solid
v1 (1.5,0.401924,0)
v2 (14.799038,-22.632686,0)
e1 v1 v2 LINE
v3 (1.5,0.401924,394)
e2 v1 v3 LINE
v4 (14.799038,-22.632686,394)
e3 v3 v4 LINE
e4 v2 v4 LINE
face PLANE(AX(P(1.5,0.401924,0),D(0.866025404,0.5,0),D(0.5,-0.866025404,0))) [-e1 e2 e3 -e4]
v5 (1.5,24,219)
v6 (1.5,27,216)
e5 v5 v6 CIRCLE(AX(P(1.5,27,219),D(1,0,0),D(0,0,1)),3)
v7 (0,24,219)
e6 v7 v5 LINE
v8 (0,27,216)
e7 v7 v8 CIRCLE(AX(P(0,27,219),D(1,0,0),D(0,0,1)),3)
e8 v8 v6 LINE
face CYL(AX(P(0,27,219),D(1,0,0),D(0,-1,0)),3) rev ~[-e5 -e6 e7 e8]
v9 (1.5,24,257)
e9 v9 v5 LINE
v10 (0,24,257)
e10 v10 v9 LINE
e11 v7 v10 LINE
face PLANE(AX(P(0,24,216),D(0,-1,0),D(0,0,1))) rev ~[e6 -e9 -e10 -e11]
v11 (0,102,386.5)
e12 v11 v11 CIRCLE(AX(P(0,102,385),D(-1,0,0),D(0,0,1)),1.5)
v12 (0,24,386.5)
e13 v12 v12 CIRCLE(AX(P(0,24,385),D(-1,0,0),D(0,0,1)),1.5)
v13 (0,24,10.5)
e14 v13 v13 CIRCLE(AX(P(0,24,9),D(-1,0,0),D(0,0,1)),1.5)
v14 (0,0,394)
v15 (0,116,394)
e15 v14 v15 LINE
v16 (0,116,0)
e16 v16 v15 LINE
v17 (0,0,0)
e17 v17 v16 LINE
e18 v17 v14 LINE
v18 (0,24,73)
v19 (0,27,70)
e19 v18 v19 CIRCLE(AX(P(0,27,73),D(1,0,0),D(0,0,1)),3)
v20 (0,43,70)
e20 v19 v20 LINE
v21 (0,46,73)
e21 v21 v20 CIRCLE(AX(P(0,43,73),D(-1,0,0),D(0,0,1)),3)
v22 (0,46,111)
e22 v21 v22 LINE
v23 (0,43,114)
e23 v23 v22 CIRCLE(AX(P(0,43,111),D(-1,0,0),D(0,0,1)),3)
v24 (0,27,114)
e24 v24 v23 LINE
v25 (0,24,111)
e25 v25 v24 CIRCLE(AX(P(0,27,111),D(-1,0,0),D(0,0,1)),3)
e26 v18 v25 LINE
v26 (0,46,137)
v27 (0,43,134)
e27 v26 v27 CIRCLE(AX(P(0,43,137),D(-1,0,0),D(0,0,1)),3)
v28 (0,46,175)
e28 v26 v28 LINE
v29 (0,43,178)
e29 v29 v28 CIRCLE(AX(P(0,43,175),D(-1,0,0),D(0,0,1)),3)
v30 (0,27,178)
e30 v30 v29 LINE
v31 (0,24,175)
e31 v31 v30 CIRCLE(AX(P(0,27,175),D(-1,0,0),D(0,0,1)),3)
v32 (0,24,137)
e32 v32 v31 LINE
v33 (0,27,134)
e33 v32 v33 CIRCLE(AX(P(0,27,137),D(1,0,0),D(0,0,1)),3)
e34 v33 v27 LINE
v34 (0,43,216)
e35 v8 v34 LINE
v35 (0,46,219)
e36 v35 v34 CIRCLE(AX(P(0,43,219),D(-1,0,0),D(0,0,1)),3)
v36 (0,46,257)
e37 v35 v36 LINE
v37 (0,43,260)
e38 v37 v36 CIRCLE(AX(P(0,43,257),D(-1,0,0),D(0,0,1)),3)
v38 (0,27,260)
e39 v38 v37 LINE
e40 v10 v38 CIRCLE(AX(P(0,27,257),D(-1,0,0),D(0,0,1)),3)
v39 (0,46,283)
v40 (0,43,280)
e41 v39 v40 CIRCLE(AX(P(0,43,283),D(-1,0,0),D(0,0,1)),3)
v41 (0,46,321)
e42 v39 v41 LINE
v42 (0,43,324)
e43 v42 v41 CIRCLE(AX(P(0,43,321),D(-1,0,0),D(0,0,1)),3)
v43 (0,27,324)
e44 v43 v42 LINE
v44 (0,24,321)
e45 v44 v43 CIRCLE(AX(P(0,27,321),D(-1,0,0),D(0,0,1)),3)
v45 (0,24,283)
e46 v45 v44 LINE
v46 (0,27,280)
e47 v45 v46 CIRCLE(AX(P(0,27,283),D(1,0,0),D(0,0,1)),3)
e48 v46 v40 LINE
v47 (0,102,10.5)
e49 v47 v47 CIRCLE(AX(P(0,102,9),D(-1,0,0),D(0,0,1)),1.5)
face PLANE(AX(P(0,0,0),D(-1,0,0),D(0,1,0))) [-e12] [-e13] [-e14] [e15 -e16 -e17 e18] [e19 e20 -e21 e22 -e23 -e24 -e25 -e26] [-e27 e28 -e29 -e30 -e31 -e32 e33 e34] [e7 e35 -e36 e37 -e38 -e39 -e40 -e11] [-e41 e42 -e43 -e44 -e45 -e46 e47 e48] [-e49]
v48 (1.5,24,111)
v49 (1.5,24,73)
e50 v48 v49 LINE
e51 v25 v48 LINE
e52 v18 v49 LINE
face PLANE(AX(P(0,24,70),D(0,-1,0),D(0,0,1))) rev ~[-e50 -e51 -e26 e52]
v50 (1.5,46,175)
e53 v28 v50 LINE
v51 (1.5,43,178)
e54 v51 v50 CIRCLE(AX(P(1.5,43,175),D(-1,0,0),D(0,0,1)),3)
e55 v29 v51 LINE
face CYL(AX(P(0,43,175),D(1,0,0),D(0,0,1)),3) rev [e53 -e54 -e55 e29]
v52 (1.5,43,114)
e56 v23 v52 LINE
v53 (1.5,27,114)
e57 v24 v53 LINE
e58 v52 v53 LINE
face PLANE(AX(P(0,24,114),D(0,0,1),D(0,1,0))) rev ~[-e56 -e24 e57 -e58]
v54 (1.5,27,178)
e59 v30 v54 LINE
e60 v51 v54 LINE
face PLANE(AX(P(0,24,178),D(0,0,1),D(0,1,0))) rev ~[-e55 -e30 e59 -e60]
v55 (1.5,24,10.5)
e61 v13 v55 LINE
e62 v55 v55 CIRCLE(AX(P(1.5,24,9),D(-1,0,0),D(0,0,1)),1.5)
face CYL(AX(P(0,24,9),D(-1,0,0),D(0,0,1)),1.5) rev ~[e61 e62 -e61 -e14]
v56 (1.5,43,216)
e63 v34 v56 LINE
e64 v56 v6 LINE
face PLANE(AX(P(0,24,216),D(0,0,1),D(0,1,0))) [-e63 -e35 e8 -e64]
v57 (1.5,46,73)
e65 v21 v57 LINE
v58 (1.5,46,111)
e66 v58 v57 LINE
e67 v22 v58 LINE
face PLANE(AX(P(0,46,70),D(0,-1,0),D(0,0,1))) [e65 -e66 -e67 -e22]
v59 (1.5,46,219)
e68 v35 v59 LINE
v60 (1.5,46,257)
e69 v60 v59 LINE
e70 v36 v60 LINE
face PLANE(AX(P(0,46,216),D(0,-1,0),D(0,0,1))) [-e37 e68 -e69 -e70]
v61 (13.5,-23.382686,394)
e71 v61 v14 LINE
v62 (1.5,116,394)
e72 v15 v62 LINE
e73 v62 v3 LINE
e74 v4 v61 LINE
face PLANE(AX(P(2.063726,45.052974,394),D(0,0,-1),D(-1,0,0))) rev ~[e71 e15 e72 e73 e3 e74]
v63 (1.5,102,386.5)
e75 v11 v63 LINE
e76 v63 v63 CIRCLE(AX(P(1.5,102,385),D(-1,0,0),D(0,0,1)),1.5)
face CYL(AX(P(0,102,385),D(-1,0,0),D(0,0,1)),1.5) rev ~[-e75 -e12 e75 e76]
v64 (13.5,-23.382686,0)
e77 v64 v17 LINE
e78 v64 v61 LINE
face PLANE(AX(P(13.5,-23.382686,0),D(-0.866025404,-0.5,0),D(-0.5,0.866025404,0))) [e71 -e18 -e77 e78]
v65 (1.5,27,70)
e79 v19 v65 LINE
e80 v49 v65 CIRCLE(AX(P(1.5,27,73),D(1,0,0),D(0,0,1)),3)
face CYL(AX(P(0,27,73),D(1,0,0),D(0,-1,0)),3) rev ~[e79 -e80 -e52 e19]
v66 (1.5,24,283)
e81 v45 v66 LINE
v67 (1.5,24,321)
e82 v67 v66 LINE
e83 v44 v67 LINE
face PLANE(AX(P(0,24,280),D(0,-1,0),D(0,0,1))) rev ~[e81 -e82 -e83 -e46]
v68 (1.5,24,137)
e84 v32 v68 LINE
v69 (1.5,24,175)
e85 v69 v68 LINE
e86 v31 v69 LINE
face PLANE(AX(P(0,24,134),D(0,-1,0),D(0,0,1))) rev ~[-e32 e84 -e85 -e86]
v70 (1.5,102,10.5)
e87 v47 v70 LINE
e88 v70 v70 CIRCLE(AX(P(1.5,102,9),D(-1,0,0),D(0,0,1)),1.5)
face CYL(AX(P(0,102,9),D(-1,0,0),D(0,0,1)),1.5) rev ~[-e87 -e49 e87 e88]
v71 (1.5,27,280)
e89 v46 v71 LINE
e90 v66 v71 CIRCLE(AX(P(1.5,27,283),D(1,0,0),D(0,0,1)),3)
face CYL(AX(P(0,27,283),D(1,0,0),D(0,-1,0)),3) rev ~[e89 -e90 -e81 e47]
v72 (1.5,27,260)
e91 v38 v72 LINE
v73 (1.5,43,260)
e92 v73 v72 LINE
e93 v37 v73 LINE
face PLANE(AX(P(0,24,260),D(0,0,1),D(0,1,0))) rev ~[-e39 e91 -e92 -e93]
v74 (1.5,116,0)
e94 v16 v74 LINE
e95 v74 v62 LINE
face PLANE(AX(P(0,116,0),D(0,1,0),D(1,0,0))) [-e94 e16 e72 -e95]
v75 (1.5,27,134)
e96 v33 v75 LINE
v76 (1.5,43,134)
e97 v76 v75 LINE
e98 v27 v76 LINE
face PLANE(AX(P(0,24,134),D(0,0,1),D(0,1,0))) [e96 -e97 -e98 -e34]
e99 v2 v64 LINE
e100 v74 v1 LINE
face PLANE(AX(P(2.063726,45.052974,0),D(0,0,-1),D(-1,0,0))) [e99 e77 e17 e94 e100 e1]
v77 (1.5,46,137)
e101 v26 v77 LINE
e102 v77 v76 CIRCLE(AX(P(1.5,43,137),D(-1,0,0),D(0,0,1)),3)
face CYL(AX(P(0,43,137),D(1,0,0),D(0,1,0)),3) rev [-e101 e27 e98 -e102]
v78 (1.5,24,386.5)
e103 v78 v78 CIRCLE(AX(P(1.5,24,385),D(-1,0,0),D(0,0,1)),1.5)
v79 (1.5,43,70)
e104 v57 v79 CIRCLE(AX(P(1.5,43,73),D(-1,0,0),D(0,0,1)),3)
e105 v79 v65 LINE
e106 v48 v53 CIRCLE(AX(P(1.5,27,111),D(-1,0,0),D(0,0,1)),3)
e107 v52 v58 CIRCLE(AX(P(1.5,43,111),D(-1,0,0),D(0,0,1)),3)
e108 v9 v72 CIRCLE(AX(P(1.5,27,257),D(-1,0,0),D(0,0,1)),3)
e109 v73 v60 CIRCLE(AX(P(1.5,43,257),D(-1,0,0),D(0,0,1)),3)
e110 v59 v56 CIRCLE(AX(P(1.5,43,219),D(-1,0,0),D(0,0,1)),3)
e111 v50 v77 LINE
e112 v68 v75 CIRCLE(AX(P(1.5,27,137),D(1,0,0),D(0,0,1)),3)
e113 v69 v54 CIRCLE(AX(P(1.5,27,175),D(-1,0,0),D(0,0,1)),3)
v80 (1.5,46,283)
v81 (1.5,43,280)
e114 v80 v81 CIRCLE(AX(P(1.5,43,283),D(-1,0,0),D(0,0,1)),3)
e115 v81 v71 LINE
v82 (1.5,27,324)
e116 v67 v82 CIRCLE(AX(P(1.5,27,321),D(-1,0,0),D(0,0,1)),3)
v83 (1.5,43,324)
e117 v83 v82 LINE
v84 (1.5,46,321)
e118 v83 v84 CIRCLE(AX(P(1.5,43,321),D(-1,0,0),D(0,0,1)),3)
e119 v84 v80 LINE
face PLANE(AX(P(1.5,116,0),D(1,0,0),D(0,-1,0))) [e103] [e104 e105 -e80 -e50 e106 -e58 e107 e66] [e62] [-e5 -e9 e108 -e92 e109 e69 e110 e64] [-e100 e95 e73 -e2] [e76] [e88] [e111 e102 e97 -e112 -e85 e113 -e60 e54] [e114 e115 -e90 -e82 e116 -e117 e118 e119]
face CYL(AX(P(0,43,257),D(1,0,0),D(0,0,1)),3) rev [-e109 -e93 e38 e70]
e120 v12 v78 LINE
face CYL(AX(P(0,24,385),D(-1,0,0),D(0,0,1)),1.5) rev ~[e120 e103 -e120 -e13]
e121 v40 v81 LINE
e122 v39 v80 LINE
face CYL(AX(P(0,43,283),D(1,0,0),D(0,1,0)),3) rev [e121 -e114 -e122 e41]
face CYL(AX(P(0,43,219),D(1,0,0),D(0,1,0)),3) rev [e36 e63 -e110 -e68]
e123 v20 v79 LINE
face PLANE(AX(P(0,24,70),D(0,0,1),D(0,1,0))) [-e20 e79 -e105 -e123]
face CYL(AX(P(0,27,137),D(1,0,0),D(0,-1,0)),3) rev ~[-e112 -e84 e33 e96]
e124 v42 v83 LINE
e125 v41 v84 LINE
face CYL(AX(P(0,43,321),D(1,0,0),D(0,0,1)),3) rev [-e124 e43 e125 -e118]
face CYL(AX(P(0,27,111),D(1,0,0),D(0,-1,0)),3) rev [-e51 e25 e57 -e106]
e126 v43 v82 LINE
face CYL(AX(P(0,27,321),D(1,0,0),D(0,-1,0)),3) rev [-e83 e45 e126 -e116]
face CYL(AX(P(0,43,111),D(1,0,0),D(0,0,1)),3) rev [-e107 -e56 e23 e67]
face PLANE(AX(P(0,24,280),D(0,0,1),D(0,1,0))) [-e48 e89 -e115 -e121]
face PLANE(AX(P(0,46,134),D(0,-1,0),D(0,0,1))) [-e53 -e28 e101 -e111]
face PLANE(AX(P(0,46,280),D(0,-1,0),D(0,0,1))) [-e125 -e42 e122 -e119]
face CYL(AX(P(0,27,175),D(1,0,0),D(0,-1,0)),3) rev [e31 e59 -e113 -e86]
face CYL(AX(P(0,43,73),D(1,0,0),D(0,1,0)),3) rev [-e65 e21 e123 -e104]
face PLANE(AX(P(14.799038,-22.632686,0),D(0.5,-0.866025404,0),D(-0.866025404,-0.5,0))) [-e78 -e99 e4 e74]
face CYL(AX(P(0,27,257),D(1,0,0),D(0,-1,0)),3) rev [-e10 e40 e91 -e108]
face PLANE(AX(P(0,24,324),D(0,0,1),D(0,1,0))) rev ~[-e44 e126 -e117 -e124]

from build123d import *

# Parameters (mm, degrees)
EXTRUDE_1_DEPTH     = 394
SKETCH_2_R          = 1.5
SKETCH_2_W          = 44
SKETCH_2_H          = 22
CUT_EXTRUDE_1_DEPTH = 411.987848396
FILLET_1_R          = 3


with BuildPart() as part:
    # 草图1 → 凸台-拉伸1 (new body)
    with BuildSketch(Plane.XY):
        Polygon((0, 0), (0, 116), (1.5, 116), (1.5, 0.401923789), (14.799038106, -22.632685902), (13.5, -23.382685902), align=None)
    extrude(amount=EXTRUDE_1_DEPTH)

    # 草图2 → 切除-拉伸1 (cut, through all)
    with BuildSketch(Plane.ZY):
        with Locations((385, 24)):
            Circle(SKETCH_2_R)
        with Locations((385, 102)):
            Circle(SKETCH_2_R)
        with Locations((9, 102)):
            Circle(SKETCH_2_R)
        with Locations((9, 24)):
            Circle(SKETCH_2_R)
        with Locations((156, 35)):
            Rectangle(SKETCH_2_W, SKETCH_2_H)
        with Locations((238, 35)):
            Rectangle(SKETCH_2_W, SKETCH_2_H)
        with Locations((302, 35)):
            Rectangle(SKETCH_2_W, SKETCH_2_H)
        with Locations((92, 35)):
            Rectangle(SKETCH_2_W, SKETCH_2_H)
    extrude(amount=-CUT_EXTRUDE_1_DEPTH, mode=Mode.SUBTRACT)

    # 圆角1
    fillet_1_edges = [part.edges().sort_by_distance(p)[0] for p in [
        (0.75, 24, 216),
        (0.75, 46, 216),
        (0.75, 46, 260),
        (0.75, 24, 260),
        (0.75, 24, 280),
        (0.75, 46, 280),
        (0.75, 46, 324),
        (0.75, 24, 324),
        (0.75, 46, 178),
        (0.75, 24, 178),
        (0.75, 24, 134),
        (0.75, 46, 134),
        (0.75, 46, 70),
        (0.75, 46, 114),
        (0.75, 24, 114),
        (0.75, 24, 70),
    ]]
    fillet(fillet_1_edges, radius=FILLET_1_R)


solid = part.part
